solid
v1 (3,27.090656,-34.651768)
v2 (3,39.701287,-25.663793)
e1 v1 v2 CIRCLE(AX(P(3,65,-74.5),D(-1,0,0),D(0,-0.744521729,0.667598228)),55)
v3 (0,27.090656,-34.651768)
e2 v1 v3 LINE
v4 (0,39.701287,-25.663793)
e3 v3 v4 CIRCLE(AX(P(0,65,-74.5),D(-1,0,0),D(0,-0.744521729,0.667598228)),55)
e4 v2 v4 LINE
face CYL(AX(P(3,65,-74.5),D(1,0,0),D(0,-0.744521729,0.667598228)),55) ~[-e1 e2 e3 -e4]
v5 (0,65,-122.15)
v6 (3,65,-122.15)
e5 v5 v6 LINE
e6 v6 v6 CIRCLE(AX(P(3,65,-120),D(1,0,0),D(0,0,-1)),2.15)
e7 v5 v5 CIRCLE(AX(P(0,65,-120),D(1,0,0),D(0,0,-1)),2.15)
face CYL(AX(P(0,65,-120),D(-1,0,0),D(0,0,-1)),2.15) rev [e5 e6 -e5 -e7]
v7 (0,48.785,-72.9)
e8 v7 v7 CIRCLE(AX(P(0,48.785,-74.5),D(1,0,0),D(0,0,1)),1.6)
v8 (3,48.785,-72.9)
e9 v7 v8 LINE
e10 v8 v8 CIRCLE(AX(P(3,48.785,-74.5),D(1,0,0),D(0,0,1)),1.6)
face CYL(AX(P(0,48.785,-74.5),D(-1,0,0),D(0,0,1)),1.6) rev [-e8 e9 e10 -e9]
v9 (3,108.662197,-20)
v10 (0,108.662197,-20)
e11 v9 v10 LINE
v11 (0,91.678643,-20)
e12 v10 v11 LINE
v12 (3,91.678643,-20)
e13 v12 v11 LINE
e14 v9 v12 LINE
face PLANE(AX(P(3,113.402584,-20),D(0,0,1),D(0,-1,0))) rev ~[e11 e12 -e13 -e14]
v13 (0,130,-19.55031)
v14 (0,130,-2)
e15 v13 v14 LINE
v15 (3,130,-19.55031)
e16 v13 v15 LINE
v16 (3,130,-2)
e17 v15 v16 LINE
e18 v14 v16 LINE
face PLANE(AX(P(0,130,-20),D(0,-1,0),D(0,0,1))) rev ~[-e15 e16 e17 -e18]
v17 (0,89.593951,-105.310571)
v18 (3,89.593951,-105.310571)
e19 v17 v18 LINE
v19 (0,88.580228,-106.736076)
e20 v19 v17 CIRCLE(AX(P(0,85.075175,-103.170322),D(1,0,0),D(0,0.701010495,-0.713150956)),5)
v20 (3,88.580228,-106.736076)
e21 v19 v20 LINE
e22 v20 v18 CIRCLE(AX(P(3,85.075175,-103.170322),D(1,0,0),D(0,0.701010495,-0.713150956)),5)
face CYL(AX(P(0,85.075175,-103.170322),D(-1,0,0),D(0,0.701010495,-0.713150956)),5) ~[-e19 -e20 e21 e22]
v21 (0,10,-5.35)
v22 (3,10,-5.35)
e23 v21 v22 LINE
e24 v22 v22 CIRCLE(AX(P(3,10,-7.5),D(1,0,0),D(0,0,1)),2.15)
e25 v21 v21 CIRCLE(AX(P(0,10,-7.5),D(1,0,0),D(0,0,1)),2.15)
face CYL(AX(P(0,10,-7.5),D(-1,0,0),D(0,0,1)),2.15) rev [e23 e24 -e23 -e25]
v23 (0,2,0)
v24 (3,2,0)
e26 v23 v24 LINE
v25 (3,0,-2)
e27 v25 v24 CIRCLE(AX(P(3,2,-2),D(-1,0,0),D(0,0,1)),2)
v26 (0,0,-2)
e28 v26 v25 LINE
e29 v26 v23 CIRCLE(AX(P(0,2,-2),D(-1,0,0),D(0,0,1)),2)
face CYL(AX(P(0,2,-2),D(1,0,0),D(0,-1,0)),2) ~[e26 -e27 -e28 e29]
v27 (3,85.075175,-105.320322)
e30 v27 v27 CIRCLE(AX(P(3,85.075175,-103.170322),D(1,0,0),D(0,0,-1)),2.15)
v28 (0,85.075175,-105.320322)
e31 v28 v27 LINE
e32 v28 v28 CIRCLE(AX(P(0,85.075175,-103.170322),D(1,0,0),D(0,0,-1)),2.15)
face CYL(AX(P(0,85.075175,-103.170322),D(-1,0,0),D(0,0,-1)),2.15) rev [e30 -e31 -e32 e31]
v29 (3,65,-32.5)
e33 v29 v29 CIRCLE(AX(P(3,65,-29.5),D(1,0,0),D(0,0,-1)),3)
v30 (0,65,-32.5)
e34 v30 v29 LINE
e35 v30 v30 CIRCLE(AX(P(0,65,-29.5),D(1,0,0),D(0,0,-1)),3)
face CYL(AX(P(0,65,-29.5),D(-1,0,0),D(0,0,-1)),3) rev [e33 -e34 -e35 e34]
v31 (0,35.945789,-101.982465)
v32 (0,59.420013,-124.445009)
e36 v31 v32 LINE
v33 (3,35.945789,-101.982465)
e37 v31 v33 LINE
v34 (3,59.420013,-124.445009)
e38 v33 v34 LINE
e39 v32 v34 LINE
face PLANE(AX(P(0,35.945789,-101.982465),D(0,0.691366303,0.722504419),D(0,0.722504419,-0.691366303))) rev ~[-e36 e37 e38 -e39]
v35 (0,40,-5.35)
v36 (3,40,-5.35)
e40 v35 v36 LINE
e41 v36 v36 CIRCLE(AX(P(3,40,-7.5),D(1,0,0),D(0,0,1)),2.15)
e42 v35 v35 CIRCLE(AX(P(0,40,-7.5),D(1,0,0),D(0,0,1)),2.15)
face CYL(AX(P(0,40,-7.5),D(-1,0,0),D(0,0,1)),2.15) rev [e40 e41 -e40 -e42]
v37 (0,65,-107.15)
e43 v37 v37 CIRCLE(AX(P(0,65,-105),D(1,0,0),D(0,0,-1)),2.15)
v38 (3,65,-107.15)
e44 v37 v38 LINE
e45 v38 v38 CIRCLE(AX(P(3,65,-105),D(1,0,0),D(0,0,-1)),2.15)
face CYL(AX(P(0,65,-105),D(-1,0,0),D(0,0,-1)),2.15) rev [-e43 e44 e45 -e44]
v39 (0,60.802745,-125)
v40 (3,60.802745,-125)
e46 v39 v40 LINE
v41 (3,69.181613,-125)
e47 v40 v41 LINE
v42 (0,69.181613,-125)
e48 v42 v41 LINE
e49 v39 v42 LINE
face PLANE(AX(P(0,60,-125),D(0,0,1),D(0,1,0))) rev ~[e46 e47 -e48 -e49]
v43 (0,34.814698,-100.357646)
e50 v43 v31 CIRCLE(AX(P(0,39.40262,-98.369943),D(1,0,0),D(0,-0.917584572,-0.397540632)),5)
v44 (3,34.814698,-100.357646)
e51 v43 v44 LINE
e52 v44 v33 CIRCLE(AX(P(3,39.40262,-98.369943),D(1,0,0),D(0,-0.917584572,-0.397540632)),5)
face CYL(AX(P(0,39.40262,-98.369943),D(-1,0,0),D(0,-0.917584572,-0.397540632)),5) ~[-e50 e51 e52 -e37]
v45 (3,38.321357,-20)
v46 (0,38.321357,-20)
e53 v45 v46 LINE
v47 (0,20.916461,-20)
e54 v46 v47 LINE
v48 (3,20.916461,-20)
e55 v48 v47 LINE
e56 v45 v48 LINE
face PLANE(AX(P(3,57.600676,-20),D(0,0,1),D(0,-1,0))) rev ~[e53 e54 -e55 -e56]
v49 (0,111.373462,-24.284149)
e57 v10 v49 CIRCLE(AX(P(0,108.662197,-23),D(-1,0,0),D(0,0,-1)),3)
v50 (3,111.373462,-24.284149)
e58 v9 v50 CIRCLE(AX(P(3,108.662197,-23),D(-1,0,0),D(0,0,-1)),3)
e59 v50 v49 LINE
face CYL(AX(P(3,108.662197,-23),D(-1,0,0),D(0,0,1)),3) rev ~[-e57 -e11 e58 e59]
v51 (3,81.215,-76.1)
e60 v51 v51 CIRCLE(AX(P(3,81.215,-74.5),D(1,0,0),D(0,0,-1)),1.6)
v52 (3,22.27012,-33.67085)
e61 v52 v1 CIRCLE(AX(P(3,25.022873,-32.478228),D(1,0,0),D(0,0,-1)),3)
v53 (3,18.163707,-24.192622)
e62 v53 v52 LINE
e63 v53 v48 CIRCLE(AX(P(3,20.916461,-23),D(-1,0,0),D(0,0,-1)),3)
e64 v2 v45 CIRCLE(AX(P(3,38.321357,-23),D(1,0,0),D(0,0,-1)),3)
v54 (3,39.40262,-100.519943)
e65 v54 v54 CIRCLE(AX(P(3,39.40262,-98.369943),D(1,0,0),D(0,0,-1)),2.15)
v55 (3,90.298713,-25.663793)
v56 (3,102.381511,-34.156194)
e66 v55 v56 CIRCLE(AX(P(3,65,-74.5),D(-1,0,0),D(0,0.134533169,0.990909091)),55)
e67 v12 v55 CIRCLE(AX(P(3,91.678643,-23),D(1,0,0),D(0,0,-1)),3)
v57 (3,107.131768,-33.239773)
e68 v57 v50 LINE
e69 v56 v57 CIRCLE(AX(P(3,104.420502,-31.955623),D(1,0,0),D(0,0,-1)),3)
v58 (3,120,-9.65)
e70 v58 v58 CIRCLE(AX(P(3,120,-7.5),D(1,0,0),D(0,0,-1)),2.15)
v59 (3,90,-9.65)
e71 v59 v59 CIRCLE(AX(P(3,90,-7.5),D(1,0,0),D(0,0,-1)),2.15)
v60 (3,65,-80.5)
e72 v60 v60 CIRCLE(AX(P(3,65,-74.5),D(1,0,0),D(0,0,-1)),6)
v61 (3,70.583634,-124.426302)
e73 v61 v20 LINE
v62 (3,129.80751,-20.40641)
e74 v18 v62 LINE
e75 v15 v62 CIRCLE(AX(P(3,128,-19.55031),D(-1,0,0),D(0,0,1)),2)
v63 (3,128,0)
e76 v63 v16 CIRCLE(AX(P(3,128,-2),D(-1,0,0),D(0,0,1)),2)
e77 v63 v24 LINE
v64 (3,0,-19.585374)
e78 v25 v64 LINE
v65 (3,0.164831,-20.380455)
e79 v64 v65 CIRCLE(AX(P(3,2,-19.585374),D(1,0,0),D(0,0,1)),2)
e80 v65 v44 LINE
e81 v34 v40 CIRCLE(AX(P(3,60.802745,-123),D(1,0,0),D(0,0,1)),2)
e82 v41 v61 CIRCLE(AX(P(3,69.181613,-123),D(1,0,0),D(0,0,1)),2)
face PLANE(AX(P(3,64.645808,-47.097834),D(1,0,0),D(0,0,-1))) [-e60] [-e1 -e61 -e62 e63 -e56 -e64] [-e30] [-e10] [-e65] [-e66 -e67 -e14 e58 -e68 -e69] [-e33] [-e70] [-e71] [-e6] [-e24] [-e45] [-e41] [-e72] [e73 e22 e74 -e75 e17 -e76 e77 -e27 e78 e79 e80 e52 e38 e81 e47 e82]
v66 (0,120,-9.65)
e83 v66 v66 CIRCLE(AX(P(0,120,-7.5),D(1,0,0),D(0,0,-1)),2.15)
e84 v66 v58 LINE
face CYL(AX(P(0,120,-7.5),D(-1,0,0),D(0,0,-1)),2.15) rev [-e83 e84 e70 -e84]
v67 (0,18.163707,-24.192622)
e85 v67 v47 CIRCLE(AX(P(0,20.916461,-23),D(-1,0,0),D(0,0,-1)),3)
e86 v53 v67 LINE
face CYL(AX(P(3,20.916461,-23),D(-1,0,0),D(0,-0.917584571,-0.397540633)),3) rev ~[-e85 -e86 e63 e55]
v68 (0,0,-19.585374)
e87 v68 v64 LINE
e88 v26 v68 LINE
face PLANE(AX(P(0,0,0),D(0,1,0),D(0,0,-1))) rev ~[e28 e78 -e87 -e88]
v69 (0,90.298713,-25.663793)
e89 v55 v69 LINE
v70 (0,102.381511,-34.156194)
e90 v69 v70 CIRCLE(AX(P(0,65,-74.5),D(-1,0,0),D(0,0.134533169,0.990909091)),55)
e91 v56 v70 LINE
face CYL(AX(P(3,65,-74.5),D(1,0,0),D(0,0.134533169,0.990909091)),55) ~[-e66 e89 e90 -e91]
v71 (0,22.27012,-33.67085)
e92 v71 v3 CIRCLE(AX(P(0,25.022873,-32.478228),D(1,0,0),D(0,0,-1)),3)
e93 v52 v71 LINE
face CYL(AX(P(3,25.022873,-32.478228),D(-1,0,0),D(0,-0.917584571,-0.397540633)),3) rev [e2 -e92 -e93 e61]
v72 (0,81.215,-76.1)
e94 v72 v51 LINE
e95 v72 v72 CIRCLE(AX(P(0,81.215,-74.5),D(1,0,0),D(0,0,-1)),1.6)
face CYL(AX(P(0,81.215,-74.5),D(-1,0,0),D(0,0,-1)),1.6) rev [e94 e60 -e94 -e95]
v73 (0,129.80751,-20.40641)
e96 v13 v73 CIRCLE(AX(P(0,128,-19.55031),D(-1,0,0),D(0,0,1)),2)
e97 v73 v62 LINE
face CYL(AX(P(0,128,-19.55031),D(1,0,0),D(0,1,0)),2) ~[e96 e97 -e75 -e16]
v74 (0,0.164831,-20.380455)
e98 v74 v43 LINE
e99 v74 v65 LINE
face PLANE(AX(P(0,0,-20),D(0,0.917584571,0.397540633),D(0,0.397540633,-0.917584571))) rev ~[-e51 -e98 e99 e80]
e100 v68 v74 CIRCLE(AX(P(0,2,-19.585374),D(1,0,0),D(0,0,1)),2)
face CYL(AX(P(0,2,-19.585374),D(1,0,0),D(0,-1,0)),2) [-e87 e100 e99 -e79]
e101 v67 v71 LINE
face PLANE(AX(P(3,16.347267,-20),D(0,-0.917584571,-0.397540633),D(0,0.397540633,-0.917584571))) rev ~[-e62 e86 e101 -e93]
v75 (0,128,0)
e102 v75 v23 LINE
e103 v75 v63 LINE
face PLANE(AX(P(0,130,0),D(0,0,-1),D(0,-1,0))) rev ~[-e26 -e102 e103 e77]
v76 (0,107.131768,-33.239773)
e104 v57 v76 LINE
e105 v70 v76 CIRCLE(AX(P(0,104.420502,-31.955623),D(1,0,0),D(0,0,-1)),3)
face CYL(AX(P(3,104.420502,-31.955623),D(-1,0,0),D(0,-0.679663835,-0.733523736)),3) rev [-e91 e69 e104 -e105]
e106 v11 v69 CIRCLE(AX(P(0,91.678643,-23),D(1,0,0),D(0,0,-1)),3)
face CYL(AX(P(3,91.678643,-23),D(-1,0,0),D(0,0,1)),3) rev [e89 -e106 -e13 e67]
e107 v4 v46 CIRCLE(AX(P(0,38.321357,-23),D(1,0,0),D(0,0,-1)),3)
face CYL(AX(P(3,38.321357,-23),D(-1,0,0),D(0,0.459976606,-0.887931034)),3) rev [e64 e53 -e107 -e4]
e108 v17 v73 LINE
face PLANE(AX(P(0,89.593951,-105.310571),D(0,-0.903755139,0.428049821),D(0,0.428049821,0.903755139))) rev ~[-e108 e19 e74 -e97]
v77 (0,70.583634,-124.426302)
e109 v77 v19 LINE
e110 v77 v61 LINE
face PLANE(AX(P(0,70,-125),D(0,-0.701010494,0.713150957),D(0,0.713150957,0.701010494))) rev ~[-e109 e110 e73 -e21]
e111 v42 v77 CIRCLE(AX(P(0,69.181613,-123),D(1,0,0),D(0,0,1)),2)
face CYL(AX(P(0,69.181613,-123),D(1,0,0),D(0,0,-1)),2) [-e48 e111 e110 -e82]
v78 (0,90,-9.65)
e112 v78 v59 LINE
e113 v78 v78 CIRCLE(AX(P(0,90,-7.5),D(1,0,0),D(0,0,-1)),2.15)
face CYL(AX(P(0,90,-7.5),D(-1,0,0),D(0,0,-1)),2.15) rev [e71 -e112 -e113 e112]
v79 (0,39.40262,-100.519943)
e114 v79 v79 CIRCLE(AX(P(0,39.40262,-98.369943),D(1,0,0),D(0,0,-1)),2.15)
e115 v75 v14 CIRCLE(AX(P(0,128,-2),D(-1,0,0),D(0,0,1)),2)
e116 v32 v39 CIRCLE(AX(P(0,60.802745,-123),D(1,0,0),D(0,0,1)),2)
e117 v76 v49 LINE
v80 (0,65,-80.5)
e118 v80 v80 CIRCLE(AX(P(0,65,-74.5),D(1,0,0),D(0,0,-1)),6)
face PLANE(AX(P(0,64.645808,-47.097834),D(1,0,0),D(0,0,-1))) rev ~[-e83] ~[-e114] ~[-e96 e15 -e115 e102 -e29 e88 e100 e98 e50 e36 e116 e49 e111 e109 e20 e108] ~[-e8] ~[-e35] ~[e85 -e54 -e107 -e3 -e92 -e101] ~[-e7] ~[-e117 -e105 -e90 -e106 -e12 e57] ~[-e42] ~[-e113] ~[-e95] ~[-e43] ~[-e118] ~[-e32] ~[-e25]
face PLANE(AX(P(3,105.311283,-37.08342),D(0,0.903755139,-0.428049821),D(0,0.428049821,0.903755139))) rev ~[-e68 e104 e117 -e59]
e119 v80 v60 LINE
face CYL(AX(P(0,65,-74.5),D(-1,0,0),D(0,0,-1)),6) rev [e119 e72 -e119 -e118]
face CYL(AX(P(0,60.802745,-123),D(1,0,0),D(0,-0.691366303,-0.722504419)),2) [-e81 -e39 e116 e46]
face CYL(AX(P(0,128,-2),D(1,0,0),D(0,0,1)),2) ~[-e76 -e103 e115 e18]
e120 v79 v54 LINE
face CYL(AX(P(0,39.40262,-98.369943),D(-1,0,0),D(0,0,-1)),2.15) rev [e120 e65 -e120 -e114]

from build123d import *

# Parameters (mm, degrees)
SKETCH_1_R          = 2.15
SKETCH_1_R_2        = 6
SKETCH_1_R_3        = 3
SKETCH_1_R_4        = 1.6
EXTRUDE_1_DEPTH     = 3
CUT_EXTRUDE_1_DEPTH = 3
FILLET_1_R          = 2
FILLET_2_R          = 3


with BuildPart() as part:
    # ｽｹｯﾁ1 → ﾎﾞｽ - 押し出し1 (new body)
    with BuildSketch(Plane(origin=(0, 0, 0), x_dir=(0, 0, -1), z_dir=(1, 0, 0))):
        with BuildLine():
            Line((0, 0), (20, 0))
            Line((20, 0), (100.357645767, 34.814697588))
            ThreePointArc((100.357645767, 34.814697588), (101.226596702, 35.299021126), (101.982464697, 35.94578893))
            Line((101.982464697, 35.94578893), (125, 60))
            Line((125, 60), (125, 70))
            Line((125, 70), (106.736076333, 88.580227744))
            ThreePointArc((106.736076333, 88.580227744), (106.067997995, 89.149910996), (105.310570653, 89.593950967))
            Line((105.310570653, 89.593950967), (20, 130))
            Line((20, 130), (0, 130))
            Line((0, 130), (0, 0))
        make_face()
        with Locations((7.5, 120)):
            Circle(SKETCH_1_R, mode=Mode.SUBTRACT)
        with Locations((7.5, 90)):
            Circle(SKETCH_1_R, mode=Mode.SUBTRACT)
        with Locations(Location((7.5, 40, 0), (0, 0, 180))):
            Circle(SKETCH_1_R, mode=Mode.SUBTRACT)
        with Locations(Location((7.5, 10, 0), (0, 0, 180))):
            Circle(SKETCH_1_R, mode=Mode.SUBTRACT)
        with Locations((74.5, 65)):
            Circle(SKETCH_1_R_2, mode=Mode.SUBTRACT)
        with Locations((29.5, 65)):
            Circle(SKETCH_1_R_3, mode=Mode.SUBTRACT)
        with Locations((103.17032155, 85.075175272)):
            Circle(SKETCH_1_R, mode=Mode.SUBTRACT)
        with Locations((98.369942602, 39.402620443)):
            Circle(SKETCH_1_R, mode=Mode.SUBTRACT)
        with Locations((74.5, 81.215)):
            Circle(SKETCH_1_R_4, mode=Mode.SUBTRACT)
        with Locations(Location((74.5, 48.785, 0), (0, 0, 180))):
            Circle(SKETCH_1_R_4, mode=Mode.SUBTRACT)
        with Locations((105, 65)):
            Circle(SKETCH_1_R, mode=Mode.SUBTRACT)
        with Locations((120, 65)):
            Circle(SKETCH_1_R, mode=Mode.SUBTRACT)
    extrude(amount=EXTRUDE_1_DEPTH)

    # ｽｹｯﾁ2 → ｶｯﾄ - 押し出し1 (cut)
    with BuildSketch(Plane(origin=(3, 0, 0), x_dir=(0, 0, -1), z_dir=(1, 0, 0))):
        with BuildLine():
            Line((20, 113.402584003), (20, 72.399324293))
            ThreePointArc((20, 72.399324293), (25.68439104, 90.338435663), (37.083419962, 105.311283015))
            Line((37.083419962, 105.311283015), (20, 113.402584003))
        make_face()
        with BuildLine():
            Line((20, 16.347267022), (37.782097447, 24.051304879))
            ThreePointArc((37.782097447, 24.051304879), (25.904048448, 39.242797265), (20, 57.600675707))
            Line((20, 57.600675707), (20, 16.347267022))
        make_face()
    extrude(amount=-CUT_EXTRUDE_1_DEPTH, mode=Mode.SUBTRACT)

    # ﾌｨﾚｯﾄ1
    fillet_1_edges = [part.edges().sort_by_distance(p)[0] for p in [
        (1.5, 130, 0),
        (1.5, 130, -20),
        (1.5, 70, -125),
        (1.5, 60, -125),
        (1.5, 0, -20),
        (1.5, 0, 0),
    ]]
    fillet(fillet_1_edges, radius=FILLET_1_R)

    # ﾌｨﾚｯﾄ2
    fillet_2_edges = [part.edges().sort_by_distance(p)[0] for p in [
        (1.5, 105.311283015, -37.083419962),
        (1.5, 72.399324293, -20),
        (1.5, 113.402584003, -20),
        (1.5, 57.600675707, -20),
        (1.5, 24.051304879, -37.782097447),
        (1.5, 16.347267022, -20),
    ]]
    fillet(fillet_2_edges, radius=FILLET_2_R)


solid = part.part
